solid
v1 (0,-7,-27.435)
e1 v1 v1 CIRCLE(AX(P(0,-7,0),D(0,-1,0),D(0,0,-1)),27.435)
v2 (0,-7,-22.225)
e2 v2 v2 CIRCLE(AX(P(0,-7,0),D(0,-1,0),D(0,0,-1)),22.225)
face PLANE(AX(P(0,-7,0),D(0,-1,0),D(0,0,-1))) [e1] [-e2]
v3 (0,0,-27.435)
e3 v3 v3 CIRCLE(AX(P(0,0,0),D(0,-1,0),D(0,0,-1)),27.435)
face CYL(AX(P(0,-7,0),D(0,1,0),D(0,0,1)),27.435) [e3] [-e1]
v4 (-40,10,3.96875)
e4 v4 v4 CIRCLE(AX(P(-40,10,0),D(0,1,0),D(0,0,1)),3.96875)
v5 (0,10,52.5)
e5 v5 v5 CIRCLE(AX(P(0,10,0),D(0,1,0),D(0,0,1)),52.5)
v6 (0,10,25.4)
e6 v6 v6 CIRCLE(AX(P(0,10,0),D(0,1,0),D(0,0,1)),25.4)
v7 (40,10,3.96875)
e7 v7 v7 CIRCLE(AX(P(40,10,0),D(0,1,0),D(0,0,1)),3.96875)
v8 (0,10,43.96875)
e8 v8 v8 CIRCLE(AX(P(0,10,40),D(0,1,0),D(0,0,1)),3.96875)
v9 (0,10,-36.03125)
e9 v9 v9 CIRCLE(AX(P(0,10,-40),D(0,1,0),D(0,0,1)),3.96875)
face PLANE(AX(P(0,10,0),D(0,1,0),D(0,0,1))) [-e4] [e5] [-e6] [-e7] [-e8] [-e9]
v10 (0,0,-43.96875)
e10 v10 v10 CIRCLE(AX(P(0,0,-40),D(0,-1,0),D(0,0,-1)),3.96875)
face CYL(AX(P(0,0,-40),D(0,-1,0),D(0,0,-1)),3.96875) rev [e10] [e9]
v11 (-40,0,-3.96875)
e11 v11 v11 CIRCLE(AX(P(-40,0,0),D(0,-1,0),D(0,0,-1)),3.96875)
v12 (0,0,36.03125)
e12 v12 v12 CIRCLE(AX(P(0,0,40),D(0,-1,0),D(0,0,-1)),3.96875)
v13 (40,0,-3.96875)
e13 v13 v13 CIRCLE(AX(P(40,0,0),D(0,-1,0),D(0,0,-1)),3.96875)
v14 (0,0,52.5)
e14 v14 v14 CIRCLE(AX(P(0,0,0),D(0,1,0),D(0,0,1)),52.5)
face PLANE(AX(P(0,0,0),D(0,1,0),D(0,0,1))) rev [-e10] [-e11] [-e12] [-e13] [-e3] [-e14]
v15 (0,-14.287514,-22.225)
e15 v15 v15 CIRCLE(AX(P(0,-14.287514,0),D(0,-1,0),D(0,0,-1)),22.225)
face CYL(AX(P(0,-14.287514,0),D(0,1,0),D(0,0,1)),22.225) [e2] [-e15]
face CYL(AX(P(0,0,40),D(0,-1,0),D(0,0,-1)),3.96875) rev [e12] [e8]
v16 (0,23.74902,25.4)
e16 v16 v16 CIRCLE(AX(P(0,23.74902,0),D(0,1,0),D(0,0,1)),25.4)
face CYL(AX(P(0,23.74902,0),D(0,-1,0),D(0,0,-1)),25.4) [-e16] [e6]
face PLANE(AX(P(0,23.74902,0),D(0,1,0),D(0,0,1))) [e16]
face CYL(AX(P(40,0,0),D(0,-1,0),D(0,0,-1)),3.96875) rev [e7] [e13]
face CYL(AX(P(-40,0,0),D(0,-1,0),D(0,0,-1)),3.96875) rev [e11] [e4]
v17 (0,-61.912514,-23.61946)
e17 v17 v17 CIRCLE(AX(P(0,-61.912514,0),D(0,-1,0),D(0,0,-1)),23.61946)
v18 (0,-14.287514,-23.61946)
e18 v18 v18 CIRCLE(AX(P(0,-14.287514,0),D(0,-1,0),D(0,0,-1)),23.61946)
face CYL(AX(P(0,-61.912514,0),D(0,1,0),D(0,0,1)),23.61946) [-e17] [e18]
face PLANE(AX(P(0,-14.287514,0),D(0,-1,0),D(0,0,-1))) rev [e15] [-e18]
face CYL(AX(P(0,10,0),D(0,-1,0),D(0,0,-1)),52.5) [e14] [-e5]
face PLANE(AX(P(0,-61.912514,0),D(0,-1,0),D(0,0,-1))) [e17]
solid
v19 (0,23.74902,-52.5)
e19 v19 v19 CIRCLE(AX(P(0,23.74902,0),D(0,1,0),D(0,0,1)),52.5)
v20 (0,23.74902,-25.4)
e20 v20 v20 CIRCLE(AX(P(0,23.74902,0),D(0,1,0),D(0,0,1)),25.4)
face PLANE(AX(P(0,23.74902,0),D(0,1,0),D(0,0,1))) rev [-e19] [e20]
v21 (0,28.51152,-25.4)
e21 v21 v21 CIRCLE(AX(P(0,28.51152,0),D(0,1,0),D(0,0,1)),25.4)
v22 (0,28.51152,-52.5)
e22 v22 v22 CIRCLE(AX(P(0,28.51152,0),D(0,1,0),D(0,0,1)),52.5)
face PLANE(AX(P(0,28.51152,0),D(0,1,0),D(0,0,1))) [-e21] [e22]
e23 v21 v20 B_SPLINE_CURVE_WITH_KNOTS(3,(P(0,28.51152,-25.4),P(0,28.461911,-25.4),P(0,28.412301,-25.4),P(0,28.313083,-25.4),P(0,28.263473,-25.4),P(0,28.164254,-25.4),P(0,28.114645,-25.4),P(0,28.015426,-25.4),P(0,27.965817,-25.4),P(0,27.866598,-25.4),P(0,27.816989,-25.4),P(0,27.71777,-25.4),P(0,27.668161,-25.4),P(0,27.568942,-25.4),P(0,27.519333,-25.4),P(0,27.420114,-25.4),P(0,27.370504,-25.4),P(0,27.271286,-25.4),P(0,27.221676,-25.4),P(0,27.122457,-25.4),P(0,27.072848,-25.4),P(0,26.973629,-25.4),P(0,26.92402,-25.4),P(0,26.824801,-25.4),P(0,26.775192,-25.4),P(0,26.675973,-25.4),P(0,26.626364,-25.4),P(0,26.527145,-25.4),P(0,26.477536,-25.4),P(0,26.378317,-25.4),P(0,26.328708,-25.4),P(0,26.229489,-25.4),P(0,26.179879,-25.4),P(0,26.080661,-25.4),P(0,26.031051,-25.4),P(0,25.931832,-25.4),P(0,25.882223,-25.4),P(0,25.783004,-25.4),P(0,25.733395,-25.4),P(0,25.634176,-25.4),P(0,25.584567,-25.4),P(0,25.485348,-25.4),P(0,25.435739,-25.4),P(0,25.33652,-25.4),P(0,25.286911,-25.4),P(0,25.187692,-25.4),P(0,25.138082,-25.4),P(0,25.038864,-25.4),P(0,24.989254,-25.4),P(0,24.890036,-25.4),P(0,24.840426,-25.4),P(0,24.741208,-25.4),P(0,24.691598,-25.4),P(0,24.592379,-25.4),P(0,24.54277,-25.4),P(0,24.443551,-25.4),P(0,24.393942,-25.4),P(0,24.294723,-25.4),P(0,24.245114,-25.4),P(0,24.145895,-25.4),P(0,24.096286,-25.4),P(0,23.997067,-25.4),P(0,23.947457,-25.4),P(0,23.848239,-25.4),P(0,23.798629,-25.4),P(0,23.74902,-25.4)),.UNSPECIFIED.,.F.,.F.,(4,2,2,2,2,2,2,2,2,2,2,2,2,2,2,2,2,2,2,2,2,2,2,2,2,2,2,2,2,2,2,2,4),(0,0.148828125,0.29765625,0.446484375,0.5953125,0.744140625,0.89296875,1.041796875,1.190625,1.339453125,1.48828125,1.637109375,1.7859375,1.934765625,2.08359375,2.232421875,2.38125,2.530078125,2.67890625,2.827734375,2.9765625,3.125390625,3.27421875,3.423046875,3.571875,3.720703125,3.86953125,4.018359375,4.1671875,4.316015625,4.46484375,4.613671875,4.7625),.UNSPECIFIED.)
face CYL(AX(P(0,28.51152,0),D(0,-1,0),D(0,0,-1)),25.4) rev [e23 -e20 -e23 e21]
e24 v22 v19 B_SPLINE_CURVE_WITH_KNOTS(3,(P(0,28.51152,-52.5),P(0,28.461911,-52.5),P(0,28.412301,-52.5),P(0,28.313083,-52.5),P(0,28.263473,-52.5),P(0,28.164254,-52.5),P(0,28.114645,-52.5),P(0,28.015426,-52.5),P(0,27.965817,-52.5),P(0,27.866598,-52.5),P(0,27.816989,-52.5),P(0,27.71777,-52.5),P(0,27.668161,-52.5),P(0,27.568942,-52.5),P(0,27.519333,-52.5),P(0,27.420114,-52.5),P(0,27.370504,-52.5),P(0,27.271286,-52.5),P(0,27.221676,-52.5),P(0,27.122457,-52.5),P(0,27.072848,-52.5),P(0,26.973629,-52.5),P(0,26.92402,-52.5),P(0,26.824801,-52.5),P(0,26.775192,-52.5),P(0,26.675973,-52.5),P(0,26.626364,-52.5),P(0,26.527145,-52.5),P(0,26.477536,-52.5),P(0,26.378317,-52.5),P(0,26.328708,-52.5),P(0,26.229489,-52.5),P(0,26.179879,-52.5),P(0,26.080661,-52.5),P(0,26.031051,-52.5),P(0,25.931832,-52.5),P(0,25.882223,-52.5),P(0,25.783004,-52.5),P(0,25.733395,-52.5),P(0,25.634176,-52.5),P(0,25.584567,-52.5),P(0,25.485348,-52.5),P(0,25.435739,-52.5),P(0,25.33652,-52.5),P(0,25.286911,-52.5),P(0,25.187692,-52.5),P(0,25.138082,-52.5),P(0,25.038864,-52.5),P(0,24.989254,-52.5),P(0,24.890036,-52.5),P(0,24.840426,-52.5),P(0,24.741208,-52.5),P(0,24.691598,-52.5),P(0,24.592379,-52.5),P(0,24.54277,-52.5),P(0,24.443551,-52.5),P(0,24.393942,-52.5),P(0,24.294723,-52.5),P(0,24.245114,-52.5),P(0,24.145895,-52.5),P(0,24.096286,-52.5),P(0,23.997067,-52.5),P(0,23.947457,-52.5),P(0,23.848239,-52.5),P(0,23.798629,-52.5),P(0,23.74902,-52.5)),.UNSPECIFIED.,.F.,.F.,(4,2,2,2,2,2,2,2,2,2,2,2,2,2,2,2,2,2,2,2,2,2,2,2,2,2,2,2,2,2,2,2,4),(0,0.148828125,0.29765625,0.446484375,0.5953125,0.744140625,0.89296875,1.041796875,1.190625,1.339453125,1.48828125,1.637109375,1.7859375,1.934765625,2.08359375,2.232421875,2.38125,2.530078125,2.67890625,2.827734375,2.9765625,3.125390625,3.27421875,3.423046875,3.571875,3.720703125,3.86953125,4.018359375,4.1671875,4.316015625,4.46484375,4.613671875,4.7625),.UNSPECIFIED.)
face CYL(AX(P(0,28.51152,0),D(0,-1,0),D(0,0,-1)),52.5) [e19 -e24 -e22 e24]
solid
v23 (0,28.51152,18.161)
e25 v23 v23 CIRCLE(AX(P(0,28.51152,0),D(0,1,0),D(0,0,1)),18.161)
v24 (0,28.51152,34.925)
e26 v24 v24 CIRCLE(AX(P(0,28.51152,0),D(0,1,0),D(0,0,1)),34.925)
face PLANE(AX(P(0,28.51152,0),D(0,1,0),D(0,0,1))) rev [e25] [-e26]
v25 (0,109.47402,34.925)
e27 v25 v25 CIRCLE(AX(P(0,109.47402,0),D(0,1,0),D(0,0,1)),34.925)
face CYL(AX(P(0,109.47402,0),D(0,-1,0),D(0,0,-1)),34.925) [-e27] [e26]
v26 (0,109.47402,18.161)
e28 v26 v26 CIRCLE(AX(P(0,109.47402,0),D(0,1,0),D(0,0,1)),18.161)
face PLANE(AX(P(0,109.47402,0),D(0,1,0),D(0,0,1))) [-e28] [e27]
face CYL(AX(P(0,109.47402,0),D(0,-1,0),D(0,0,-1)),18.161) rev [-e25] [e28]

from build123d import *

# Parameters (mm, degrees)
MOUNTING_PLATE_SKETCH_R = 52.500000029
MOUNT_PLATE_DEPTH       = 10
HUB_RIM_SEAT_SKETCH_R   = 27.435
HUB_SEAT_DEPTH          = 7
SKETCH4_R               = 22.225
CENTERLOCK_SHAFT_DEPTH  = 7.287514
SKETCH7_R               = 25.4
BOSS_EXTRUDE5_DEPTH     = 13.74902
SKETCH6_R               = 52.500000029
SKETCH6_R_2             = 25.4
BOSS_EXTRUDE7_DEPTH     = 4.7625
SKETCH11_W              = 3.96875
SKETCH11_H              = 10
DRIVE_PINS_AT_2_COUNT   = 2
DRIVE_PINS_AT_2_PITCH   = 56.568542495
DRIVE_PINS_AT_3_COUNT   = 2
DRIVE_PINS_AT_3_PITCH   = 80
DRIVE_PINS_AT_4_COUNT   = 2
DRIVE_PINS_AT_4_PITCH   = 56.568542495
SKETCH12_R              = 34.925
SKETCH12_R_2            = 18.161
BOSS_EXTRUDE8_DEPTH     = 80.9625
SKETCH22_R              = 23.61946
BOSS_EXTRUDE9_DEPTH     = 47.625


with BuildPart() as part:
    # Mounting Plate SKETCH → Mount Plate (new body)
    with BuildSketch(Plane(origin=(0, 0, 0), x_dir=(1, 0, 0), z_dir=(0, 1, 0))):
        Circle(MOUNTING_PLATE_SKETCH_R)
    extrude(amount=MOUNT_PLATE_DEPTH)

    # Hub-Rim Seat SKETCH → Hub Seat (add)
    with BuildSketch(Plane.XZ):
        Circle(HUB_RIM_SEAT_SKETCH_R)
    extrude(amount=HUB_SEAT_DEPTH)

    # Sketch4 → Centerlock Shaft (add)
    with BuildSketch(Plane.XZ.offset(7)):
        Circle(SKETCH4_R)
    extrude(amount=CENTERLOCK_SHAFT_DEPTH)

    # Sketch7 → Boss-Extrude5 (add)
    with BuildSketch(Plane(origin=(0, 10, 0), x_dir=(1, 0, 0), z_dir=(0, 1, 0))):
        Circle(SKETCH7_R)
    extrude(amount=BOSS_EXTRUDE5_DEPTH)

    # Sketch11 → Drive Pins (revolve, cut)
    with BuildSketch(Plane(origin=(0, 0, 40), x_dir=(0, 0, -1), z_dir=(1, 0, 0))):
        with Locations((1.984375, 5)):
            Rectangle(SKETCH11_W, SKETCH11_H)
    drive_pins = revolve(axis=Axis((0, -6.35, 40), (0, 1, 0)), mode=Mode.SUBTRACT)

    # Drive Pins at 2: Drive Pins ×2
    with Locations(*[Vector(-0.7071067811865475, 0, -0.7071067811865477) * (i * DRIVE_PINS_AT_2_PITCH) for i in range(1, DRIVE_PINS_AT_2_COUNT)]):
        add(drive_pins, mode=Mode.SUBTRACT)

    # Drive Pins at 3: Drive Pins ×2
    with Locations(*[(0, 0, -i * DRIVE_PINS_AT_3_PITCH) for i in range(1, DRIVE_PINS_AT_3_COUNT)]):
        add(drive_pins, mode=Mode.SUBTRACT)

    # Drive Pins at 4: Drive Pins ×2
    with Locations(*[Vector(0.7071067811865476, 0, -0.7071067811865475) * (i * DRIVE_PINS_AT_4_PITCH) for i in range(1, DRIVE_PINS_AT_4_COUNT)]):
        add(drive_pins, mode=Mode.SUBTRACT)

    # Sketch22 → Boss-Extrude9 (add)
    with BuildSketch(Plane.XZ.offset(14.287514)):
        Circle(SKETCH22_R)
    extrude(amount=BOSS_EXTRUDE9_DEPTH)


with BuildPart() as body_2:
    # Sketch6 → Boss-Extrude7 (new body)
    with BuildSketch(Plane(origin=(0, 23.74902, 0), x_dir=(1, 0, 0), z_dir=(0, 1, 0))):
        Circle(SKETCH6_R)
        Circle(SKETCH6_R_2, mode=Mode.SUBTRACT)
    extrude(amount=BOSS_EXTRUDE7_DEPTH)


with BuildPart() as body_3:
    # Sketch12 → Boss-Extrude8 (new body)
    with BuildSketch(Plane(origin=(0, 28.51152, 0), x_dir=(1, 0, 0), z_dir=(0, 1, 0))):
        Circle(SKETCH12_R)
        Circle(SKETCH12_R_2, mode=Mode.SUBTRACT)
    extrude(amount=BOSS_EXTRUDE8_DEPTH)


solid = Compound([part.part, body_2.part, body_3.part])
